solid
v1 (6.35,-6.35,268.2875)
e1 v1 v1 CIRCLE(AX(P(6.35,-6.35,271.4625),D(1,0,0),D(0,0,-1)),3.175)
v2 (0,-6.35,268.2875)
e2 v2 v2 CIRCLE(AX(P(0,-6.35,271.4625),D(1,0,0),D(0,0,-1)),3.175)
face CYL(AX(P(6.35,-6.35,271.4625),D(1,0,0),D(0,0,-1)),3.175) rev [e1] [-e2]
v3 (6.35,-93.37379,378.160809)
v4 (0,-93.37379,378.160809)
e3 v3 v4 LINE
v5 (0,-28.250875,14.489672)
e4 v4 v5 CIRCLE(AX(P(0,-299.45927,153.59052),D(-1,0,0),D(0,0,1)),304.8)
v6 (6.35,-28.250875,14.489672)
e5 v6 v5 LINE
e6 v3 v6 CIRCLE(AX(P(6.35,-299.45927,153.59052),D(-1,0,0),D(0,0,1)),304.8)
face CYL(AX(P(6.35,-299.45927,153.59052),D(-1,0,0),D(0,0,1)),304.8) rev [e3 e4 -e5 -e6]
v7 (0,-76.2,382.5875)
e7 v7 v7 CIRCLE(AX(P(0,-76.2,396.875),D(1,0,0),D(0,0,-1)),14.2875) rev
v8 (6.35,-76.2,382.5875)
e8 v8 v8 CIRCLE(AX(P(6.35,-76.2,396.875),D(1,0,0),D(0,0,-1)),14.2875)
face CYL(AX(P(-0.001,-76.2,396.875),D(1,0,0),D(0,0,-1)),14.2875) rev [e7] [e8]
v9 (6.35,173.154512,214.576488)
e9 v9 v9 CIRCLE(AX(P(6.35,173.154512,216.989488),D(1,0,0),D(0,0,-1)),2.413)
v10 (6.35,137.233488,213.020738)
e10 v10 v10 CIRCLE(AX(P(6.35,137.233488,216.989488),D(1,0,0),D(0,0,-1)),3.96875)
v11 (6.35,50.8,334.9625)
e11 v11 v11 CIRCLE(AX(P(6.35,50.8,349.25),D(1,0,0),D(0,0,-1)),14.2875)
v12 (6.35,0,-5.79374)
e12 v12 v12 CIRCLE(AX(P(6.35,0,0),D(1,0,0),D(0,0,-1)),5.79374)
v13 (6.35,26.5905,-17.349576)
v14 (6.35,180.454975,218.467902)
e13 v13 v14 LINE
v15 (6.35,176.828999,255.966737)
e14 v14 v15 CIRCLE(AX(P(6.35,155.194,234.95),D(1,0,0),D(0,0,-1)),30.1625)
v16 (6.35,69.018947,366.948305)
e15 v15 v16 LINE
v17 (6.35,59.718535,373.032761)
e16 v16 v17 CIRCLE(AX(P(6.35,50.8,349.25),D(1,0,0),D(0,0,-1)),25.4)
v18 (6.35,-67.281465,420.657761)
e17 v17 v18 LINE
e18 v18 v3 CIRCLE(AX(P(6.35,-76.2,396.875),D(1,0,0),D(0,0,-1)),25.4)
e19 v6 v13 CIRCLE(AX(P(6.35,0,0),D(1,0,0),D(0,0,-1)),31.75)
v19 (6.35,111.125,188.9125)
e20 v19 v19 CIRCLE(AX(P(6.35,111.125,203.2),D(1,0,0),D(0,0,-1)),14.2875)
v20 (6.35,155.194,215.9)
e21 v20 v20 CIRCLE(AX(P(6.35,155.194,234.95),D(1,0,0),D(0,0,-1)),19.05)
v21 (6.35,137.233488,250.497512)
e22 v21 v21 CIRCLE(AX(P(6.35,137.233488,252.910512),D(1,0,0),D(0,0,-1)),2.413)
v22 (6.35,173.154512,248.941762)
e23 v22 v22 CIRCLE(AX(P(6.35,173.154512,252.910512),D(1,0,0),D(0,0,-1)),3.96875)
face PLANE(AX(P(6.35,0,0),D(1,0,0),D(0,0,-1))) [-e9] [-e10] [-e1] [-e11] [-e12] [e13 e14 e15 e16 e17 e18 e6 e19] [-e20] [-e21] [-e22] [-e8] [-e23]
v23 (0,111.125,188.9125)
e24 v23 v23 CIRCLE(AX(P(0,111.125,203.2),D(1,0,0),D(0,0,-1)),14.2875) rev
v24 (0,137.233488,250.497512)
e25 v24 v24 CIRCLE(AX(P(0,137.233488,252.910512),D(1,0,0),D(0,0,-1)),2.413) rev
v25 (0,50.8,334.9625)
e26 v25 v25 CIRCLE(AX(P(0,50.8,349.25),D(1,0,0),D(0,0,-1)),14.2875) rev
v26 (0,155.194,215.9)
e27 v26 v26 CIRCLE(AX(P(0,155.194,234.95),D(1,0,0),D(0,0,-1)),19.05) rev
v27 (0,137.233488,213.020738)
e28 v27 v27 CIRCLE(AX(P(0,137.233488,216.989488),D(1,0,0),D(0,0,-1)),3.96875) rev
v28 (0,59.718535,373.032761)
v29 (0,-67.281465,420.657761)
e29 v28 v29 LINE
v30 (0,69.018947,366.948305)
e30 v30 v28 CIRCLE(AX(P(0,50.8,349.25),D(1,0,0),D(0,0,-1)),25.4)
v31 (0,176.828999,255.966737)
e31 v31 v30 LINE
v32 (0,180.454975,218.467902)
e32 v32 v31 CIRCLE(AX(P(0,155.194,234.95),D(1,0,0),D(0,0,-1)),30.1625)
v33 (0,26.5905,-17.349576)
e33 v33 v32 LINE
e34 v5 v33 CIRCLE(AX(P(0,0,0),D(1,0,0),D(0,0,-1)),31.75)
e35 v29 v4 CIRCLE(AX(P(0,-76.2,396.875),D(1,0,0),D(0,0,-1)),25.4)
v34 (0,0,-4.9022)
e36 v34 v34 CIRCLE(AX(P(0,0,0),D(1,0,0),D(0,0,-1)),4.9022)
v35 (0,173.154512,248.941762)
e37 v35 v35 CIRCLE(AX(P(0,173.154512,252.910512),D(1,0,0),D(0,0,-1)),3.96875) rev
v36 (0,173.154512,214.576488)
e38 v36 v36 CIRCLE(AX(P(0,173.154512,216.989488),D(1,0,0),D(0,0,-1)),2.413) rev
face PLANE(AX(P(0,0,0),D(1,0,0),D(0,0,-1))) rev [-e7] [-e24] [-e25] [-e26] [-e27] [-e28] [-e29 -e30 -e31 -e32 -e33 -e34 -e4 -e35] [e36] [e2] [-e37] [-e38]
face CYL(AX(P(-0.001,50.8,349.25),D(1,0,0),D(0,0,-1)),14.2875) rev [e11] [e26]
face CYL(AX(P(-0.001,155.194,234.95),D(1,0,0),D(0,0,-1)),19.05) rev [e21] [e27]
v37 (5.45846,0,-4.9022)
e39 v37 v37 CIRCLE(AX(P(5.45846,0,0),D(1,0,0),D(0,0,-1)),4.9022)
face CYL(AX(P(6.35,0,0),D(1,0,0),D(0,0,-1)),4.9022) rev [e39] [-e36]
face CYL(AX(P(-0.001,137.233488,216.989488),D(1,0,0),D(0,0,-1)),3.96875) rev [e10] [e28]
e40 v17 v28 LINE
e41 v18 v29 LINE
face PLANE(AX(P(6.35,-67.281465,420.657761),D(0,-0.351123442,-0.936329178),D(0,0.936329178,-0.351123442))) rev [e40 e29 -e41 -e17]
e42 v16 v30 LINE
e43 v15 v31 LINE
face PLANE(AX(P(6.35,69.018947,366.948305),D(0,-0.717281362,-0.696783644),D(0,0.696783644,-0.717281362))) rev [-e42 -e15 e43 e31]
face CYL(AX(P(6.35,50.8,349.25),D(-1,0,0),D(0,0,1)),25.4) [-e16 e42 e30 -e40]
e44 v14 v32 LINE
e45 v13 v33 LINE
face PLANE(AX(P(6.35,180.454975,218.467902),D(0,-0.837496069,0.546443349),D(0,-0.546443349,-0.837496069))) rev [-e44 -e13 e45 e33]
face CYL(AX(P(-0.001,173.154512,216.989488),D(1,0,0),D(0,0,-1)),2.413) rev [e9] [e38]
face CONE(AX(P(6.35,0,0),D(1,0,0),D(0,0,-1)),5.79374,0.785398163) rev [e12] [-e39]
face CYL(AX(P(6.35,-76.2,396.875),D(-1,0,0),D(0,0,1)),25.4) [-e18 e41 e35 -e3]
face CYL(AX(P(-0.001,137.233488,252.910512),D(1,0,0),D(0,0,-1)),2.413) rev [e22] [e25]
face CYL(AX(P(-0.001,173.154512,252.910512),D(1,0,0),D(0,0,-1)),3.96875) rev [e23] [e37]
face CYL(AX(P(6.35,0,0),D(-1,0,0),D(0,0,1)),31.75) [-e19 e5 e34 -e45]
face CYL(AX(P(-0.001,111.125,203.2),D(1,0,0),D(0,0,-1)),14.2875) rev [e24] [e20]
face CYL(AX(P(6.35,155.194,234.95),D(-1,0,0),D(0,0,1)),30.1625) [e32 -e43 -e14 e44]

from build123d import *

# Parameters (mm, degrees)
BOSS_EXTRUDE1_DEPTH               = 6.35
CUT_EXTRUDE1_REACH                = 463.209
SKETCH3_R                         = 14.2875
SKETCH3_R_2                       = 19.05
SKETCH3_R_3                       = 2.413
SKETCH3_R_4                       = 3.96875
F_3_8_CLEARANCE_HOLE2_D           = 9.8044
F_3_8_CLEARANCE_HOLE2_CSINK_D     = 11.58748
F_3_8_CLEARANCE_HOLE2_CSINK_ANGLE = 90
F_1_4_0_2500_DOWEL_HOLE2_D        = 6.35


with BuildPart() as part:
    # Sketch2 → Boss-Extrude1 (new body)
    with BuildSketch(Plane(origin=(0, 0, 0), x_dir=(0, 0, -1), z_dir=(1, 0, 0))):
        with BuildLine():
            Line((-420.65776111, -67.281464584), (-373.03276111, 59.718535416))
            ThreePointArc((-373.03276111, 59.718535416), (-370.505449055, 64.705606261), (-366.948304567, 69.018946606))
            Line((-366.948304567, 69.018946606), (-255.966736674, 176.828999095))
            ThreePointArc((-255.966736674, 176.828999095), (-237.853043868, 185.216470627), (-218.467902472, 180.454975186))
            Line((-218.467902472, 180.454975186), (17.349576345, 26.590500195))
            ThreePointArc((17.349576345, 26.590500195), (27.457947121, -15.941255906), (-14.489671706, -28.250874568))
            ThreePointArc((-14.489671706, -28.250874568), (-207.31672278, 0.568286884), (-378.160809237, -93.373790032))
            ThreePointArc((-378.160809237, -93.373790032), (-410.165032474, -97.845670164), (-420.65776111, -67.281464584))
        make_face()
    extrude(amount=BOSS_EXTRUDE1_DEPTH)

    # Sketch3 → Cut-Extrude1 (cut, up to next)
    with BuildSketch(Plane(origin=(6.35, 0, 0), x_dir=(0, 0, -1), z_dir=(1, 0, 0)), mode=Mode.PRIVATE) as cut_extrude1_sk1:
        with Locations((-203.2, 111.125)):
            Circle(SKETCH3_R)
    cut_extrude1_tool1 = extrude(cut_extrude1_sk1.sketch, amount=-CUT_EXTRUDE1_REACH, mode=Mode.PRIVATE) & part.part
    # Sketch3 → Cut-Extrude1 (cut, up to next)
    with BuildSketch(Plane(origin=(6.35, 0, 0), x_dir=(0, 0, -1), z_dir=(1, 0, 0)), mode=Mode.PRIVATE) as cut_extrude1_sk2:
        with Locations((-349.25, 50.8)):
            Circle(SKETCH3_R)
    cut_extrude1_tool2 = extrude(cut_extrude1_sk2.sketch, amount=-CUT_EXTRUDE1_REACH, mode=Mode.PRIVATE) & part.part
    # Sketch3 → Cut-Extrude1 (cut, up to next)
    with BuildSketch(Plane(origin=(6.35, 0, 0), x_dir=(0, 0, -1), z_dir=(1, 0, 0)), mode=Mode.PRIVATE) as cut_extrude1_sk3:
        with Locations((-396.875, -76.2)):
            Circle(SKETCH3_R)
    cut_extrude1_tool3 = extrude(cut_extrude1_sk3.sketch, amount=-CUT_EXTRUDE1_REACH, mode=Mode.PRIVATE) & part.part
    # Sketch3 → Cut-Extrude1 (cut, up to next)
    with BuildSketch(Plane(origin=(6.35, 0, 0), x_dir=(0, 0, -1), z_dir=(1, 0, 0)), mode=Mode.PRIVATE) as cut_extrude1_sk4:
        with Locations((-234.95, 155.194)):
            Circle(SKETCH3_R_2)
    cut_extrude1_tool4 = extrude(cut_extrude1_sk4.sketch, amount=-CUT_EXTRUDE1_REACH, mode=Mode.PRIVATE) & part.part
    # Sketch3 → Cut-Extrude1 (cut, up to next)
    with BuildSketch(Plane(origin=(6.35, 0, 0), x_dir=(0, 0, -1), z_dir=(1, 0, 0)), mode=Mode.PRIVATE) as cut_extrude1_sk5:
        with Locations((-252.910512242, 137.233487758)):
            Circle(SKETCH3_R_3)
    cut_extrude1_tool5 = extrude(cut_extrude1_sk5.sketch, amount=-CUT_EXTRUDE1_REACH, mode=Mode.PRIVATE) & part.part
    # Sketch3 → Cut-Extrude1 (cut, up to next)
    with BuildSketch(Plane(origin=(6.35, 0, 0), x_dir=(0, 0, -1), z_dir=(1, 0, 0)), mode=Mode.PRIVATE) as cut_extrude1_sk6:
        with Locations((-216.989487758, 137.233487758)):
            Circle(SKETCH3_R_4)
    cut_extrude1_tool6 = extrude(cut_extrude1_sk6.sketch, amount=-CUT_EXTRUDE1_REACH, mode=Mode.PRIVATE) & part.part
    # Sketch3 → Cut-Extrude1 (cut, up to next)
    with BuildSketch(Plane(origin=(6.35, 0, 0), x_dir=(0, 0, -1), z_dir=(1, 0, 0)), mode=Mode.PRIVATE) as cut_extrude1_sk7:
        with Locations((-216.989487758, 173.154512242)):
            Circle(SKETCH3_R_3)
    cut_extrude1_tool7 = extrude(cut_extrude1_sk7.sketch, amount=-CUT_EXTRUDE1_REACH, mode=Mode.PRIVATE) & part.part
    # Sketch3 → Cut-Extrude1 (cut, up to next)
    with BuildSketch(Plane(origin=(6.35, 0, 0), x_dir=(0, 0, -1), z_dir=(1, 0, 0)), mode=Mode.PRIVATE) as cut_extrude1_sk8:
        with Locations((-252.910512242, 173.154512242)):
            Circle(SKETCH3_R_4)
    cut_extrude1_tool8 = extrude(cut_extrude1_sk8.sketch, amount=-CUT_EXTRUDE1_REACH, mode=Mode.PRIVATE) & part.part
    add(cut_extrude1_tool1.solids().sort_by_distance((6.35, 111.125, 203.2))[0], mode=Mode.SUBTRACT)
    add(cut_extrude1_tool2.solids().sort_by_distance((6.35, 50.8, 349.25))[0], mode=Mode.SUBTRACT)
    add(cut_extrude1_tool3.solids().sort_by_distance((6.35, -76.2, 396.875))[0], mode=Mode.SUBTRACT)
    add(cut_extrude1_tool4.solids().sort_by_distance((6.35, 155.194, 234.95))[0], mode=Mode.SUBTRACT)
    add(cut_extrude1_tool5.solids().sort_by_distance((6.35, 137.233488, 252.910512))[0], mode=Mode.SUBTRACT)
    add(cut_extrude1_tool6.solids().sort_by_distance((6.35, 137.233488, 216.989488))[0], mode=Mode.SUBTRACT)
    add(cut_extrude1_tool7.solids().sort_by_distance((6.35, 173.154512, 216.989488))[0], mode=Mode.SUBTRACT)
    add(cut_extrude1_tool8.solids().sort_by_distance((6.35, 173.154512, 252.910512))[0], mode=Mode.SUBTRACT)

    # 3/8 Clearance Hole2 (through all)
    with Locations(Plane(origin=(6.35, 0, 0), x_dir=(0, 0, -1), z_dir=(1, 0, 0))):
        with Locations((0, 0)):
            CounterSinkHole(F_3_8_CLEARANCE_HOLE2_D / 2, F_3_8_CLEARANCE_HOLE2_CSINK_D / 2, counter_sink_angle=F_3_8_CLEARANCE_HOLE2_CSINK_ANGLE)

    # 1/4 (0.2500) Dowel Hole2 (through all)
    with Locations(Plane(origin=(6.35, 0, 0), x_dir=(0, 0, -1), z_dir=(1, 0, 0))):
        with Locations((-271.4625, -6.35)):
            Hole(F_1_4_0_2500_DOWEL_HOLE2_D / 2)


solid = part.part
